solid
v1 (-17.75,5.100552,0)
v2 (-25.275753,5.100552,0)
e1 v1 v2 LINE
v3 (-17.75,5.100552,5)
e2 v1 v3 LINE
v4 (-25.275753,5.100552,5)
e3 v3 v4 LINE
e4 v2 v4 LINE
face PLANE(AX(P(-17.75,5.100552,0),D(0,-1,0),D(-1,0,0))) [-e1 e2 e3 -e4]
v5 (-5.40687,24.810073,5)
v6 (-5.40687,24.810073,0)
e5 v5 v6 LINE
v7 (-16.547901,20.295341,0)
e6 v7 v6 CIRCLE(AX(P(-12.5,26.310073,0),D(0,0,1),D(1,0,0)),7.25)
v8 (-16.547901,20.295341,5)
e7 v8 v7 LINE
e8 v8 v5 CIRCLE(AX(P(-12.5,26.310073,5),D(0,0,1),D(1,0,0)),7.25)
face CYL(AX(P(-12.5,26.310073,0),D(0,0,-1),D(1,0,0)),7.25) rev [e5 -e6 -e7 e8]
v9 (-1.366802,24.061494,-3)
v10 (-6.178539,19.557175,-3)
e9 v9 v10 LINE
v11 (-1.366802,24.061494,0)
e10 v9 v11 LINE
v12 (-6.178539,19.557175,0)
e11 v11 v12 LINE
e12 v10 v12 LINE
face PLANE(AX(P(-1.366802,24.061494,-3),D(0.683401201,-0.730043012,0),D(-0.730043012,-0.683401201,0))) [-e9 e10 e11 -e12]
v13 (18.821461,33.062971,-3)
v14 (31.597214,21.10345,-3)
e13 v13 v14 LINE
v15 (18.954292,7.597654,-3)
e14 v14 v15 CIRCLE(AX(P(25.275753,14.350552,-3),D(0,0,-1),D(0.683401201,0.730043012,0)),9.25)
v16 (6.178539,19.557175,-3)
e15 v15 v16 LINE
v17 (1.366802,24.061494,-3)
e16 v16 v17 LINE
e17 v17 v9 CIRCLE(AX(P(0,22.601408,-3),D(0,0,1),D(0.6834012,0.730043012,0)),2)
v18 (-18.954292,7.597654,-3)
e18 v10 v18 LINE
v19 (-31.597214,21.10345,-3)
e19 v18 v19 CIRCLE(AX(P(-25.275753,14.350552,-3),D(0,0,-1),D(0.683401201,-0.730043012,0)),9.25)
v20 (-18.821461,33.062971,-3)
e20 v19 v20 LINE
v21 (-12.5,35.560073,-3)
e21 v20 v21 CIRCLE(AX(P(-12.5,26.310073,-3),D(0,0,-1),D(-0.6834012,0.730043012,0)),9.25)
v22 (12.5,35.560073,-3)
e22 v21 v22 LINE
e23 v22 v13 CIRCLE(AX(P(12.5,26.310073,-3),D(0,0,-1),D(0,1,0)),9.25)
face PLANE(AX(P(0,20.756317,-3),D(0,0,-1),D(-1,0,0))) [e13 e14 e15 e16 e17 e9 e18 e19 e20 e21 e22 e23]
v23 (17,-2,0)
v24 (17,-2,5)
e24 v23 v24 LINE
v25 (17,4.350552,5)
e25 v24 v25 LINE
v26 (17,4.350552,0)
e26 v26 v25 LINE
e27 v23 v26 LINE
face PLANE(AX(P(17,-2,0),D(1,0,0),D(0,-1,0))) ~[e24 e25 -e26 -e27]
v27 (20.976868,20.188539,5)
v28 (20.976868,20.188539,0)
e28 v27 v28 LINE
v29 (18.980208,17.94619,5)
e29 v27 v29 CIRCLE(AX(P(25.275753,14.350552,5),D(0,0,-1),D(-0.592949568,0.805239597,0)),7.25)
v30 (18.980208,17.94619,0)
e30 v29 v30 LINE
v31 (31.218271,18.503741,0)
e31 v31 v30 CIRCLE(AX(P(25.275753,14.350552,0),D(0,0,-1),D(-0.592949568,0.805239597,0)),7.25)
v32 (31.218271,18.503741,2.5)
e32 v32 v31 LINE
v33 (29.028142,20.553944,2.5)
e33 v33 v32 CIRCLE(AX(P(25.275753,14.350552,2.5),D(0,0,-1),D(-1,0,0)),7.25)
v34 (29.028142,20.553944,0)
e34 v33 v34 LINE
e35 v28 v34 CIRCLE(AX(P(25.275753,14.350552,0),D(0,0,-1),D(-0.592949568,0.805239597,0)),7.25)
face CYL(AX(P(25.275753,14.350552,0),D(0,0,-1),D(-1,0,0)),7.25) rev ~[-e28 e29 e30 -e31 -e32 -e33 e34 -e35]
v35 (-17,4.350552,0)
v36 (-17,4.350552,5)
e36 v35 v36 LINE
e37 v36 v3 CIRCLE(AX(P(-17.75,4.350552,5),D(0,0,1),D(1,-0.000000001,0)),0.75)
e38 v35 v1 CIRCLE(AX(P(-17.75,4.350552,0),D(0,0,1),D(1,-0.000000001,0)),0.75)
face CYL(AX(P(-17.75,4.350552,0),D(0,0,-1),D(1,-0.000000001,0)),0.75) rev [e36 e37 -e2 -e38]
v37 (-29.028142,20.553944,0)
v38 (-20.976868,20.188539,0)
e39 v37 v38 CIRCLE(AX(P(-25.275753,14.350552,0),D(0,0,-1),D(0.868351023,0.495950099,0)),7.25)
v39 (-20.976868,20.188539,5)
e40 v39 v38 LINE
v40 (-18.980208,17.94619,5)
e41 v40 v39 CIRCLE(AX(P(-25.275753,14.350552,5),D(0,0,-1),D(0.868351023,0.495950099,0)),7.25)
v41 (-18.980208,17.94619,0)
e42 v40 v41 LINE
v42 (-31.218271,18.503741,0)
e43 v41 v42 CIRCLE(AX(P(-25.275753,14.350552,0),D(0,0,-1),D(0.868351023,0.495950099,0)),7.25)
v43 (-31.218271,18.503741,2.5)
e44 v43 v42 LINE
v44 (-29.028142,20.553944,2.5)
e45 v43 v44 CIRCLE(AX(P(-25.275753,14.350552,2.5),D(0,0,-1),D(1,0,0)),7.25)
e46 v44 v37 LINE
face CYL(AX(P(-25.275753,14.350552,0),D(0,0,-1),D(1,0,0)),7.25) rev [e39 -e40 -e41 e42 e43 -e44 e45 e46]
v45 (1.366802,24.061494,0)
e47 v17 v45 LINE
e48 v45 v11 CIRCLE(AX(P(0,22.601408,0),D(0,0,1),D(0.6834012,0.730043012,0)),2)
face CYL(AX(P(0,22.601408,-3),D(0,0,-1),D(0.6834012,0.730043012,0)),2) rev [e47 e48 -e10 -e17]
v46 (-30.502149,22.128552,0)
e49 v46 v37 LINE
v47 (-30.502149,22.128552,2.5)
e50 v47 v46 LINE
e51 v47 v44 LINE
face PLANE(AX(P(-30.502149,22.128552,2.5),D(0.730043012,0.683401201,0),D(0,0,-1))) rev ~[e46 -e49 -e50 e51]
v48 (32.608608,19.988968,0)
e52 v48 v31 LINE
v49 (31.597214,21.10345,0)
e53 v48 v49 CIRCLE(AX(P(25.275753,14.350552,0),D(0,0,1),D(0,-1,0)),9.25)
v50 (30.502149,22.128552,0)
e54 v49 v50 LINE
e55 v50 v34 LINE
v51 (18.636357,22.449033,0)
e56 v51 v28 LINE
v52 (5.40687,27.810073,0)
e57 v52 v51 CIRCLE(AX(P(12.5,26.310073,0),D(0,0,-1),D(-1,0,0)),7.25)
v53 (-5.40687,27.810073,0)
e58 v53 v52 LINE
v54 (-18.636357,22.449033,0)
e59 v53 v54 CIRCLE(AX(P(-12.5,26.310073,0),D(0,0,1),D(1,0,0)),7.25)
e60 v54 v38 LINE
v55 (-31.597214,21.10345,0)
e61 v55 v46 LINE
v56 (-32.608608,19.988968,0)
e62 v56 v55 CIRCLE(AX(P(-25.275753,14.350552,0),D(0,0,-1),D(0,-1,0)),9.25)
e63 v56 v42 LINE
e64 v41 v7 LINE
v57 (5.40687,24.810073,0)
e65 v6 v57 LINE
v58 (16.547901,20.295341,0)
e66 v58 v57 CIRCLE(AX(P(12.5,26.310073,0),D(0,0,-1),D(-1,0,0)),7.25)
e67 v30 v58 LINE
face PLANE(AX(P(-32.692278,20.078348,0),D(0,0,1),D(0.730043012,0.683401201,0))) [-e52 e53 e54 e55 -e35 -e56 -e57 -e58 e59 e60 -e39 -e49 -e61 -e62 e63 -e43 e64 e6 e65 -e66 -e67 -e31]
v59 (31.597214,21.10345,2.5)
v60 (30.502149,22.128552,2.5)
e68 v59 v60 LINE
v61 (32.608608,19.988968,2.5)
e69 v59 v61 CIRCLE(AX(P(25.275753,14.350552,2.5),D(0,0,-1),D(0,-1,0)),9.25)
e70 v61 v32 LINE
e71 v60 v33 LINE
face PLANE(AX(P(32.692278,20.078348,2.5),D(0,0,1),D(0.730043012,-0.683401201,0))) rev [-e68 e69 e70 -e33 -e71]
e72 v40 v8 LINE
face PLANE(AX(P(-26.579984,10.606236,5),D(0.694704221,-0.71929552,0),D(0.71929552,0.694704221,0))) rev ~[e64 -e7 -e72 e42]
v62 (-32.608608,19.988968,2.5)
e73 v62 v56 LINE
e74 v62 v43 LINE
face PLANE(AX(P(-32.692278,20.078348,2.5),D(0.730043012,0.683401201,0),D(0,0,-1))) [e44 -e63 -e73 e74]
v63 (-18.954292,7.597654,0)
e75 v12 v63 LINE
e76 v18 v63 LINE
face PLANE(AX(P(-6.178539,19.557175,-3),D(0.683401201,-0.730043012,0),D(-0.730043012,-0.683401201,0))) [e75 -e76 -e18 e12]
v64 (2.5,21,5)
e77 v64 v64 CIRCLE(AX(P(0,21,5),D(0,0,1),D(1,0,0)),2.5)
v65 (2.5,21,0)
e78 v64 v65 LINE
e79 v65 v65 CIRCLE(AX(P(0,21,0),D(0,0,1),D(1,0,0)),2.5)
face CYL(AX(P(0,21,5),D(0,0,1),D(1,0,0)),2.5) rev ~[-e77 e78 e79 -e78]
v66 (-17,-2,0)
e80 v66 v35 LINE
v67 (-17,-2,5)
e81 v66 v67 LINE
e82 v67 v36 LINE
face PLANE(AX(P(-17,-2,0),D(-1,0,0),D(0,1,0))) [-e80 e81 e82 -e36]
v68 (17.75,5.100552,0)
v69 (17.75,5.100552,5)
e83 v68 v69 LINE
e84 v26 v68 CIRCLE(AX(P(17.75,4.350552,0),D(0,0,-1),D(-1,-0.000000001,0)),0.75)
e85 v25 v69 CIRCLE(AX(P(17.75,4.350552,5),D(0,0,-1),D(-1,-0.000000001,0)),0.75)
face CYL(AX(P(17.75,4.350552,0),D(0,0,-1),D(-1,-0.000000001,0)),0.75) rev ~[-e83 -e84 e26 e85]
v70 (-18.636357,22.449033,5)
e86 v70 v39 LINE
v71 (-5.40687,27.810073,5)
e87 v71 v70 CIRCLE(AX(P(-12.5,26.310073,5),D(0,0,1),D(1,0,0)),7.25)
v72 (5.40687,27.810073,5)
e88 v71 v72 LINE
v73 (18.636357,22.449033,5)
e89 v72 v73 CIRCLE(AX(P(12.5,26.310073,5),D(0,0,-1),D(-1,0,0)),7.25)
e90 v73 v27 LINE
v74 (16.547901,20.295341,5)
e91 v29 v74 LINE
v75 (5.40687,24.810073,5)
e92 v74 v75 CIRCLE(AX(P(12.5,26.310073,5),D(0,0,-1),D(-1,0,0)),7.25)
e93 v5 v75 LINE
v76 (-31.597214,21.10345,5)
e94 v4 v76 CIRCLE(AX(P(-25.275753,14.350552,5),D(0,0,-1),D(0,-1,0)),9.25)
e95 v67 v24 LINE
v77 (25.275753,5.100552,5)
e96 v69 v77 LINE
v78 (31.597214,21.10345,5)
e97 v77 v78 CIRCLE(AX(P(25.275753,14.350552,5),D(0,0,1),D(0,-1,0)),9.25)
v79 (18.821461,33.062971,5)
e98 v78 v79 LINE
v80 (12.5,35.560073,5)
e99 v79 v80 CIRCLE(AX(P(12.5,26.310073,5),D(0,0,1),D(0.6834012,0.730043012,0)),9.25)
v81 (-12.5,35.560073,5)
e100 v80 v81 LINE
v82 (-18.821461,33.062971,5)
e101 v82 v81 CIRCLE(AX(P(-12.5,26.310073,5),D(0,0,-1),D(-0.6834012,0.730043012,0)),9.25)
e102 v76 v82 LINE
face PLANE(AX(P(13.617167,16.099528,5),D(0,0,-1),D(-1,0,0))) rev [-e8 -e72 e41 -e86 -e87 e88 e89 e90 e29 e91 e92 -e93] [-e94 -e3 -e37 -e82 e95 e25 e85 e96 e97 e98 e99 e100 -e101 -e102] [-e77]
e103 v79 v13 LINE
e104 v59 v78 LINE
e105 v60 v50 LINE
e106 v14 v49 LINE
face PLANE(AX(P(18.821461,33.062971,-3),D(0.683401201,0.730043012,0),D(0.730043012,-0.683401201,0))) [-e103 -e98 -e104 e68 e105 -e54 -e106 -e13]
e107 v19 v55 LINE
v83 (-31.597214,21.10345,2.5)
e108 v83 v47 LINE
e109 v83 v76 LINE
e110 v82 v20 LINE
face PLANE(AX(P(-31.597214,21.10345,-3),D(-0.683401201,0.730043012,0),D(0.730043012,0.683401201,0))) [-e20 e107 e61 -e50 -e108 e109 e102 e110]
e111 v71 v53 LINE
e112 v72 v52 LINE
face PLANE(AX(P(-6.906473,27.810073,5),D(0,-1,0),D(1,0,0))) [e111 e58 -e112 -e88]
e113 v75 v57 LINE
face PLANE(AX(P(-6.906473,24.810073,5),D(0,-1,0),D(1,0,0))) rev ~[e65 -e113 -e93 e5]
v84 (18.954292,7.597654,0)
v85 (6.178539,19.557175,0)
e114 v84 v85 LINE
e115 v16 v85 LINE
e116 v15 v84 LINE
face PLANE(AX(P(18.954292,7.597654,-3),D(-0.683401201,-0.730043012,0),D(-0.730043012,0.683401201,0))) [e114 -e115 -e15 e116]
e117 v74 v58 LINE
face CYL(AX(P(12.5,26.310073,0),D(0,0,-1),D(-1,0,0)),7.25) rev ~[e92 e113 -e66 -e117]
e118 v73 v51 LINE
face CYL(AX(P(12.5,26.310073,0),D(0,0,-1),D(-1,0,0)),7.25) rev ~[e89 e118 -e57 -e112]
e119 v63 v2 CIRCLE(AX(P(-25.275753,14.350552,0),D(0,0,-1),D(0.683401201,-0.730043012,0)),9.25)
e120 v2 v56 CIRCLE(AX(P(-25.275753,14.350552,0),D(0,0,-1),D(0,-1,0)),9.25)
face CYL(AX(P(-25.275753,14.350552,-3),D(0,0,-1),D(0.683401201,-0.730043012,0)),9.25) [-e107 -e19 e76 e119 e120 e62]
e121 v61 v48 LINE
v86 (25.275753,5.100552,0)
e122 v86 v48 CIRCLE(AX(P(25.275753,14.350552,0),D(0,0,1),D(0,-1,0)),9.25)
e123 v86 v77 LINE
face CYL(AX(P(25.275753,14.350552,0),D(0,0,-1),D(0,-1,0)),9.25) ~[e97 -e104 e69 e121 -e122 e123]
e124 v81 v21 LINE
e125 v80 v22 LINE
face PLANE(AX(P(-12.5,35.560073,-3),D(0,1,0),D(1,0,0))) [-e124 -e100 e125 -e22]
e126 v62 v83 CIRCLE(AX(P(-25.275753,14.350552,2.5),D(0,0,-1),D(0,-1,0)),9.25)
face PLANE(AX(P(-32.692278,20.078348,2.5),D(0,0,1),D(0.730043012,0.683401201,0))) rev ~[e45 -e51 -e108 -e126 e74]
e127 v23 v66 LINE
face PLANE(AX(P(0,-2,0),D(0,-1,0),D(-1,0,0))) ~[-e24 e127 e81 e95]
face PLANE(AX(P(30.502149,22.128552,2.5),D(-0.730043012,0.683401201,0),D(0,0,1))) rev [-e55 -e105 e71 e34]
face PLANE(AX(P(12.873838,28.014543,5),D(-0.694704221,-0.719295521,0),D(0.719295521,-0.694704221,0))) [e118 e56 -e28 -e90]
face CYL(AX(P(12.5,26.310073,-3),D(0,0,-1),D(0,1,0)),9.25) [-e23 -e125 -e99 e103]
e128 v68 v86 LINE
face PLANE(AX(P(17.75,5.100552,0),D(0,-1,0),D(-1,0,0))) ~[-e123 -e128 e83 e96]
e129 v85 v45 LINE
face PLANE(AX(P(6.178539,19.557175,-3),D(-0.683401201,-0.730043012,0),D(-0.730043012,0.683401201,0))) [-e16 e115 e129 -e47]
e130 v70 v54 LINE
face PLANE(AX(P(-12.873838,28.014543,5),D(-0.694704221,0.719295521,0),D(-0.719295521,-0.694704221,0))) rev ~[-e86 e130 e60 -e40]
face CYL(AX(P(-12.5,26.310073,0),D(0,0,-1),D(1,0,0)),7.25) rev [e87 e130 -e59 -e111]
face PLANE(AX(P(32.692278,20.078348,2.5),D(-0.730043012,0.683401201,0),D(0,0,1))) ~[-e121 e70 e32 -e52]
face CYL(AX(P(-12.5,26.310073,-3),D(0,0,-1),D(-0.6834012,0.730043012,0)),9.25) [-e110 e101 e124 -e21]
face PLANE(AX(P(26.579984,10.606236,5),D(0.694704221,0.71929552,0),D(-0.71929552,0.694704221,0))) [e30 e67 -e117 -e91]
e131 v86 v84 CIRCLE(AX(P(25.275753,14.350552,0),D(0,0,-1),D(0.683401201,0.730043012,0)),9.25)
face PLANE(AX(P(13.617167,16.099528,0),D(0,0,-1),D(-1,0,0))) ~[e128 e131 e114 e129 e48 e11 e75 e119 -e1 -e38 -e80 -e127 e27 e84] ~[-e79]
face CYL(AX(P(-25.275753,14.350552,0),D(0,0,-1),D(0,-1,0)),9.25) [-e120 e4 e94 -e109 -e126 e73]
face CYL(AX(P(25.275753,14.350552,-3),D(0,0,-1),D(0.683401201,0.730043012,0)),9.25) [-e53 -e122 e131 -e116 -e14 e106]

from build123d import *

# Parameters (mm, degrees)
SKETCH1_R           = 7.25
BOSS_EXTRUDE1_DEPTH = 5
BOSS_EXTRUDE2_START = 3
BOSS_EXTRUDE2_DEPTH = 3
SKETCH5_W           = 15.42907023
SKETCH5_H           = 3
CUT_EXTRUDE2_DEPTH  = 5
SKETCH7_W           = 3
SKETCH7_H           = 2.5
CUT_EXTRUDE4_DEPTH  = 10
SKETCH8_R           = 2.5
CUT_EXTRUDE5_DEPTH  = 10


with BuildPart() as part:
    # Sketch1 → Boss-Extrude1 (new body)
    with BuildSketch(Plane.XY):
        with BuildLine():
            ThreePointArc((-25.275752705, 5.100552072), (-33.878856947, 10.952155773), (-31.597213811, 21.10344993))
            Line((-31.597213811, 21.10344993), (-18.821461106, 33.062970941))
            ThreePointArc((-18.821461106, 33.062970941), (-15.898396299, 34.913177324), (-12.5, 35.560073083))
            Line((-12.5, 35.560073083), (0, 35.560073083))
            Line((0, 35.560073083), (0, -2))
            Line((0, -2), (-17, -2))
            Line((-17, -2), (-17, 4.350552072))
            ThreePointArc((-17, 4.350552072), (-17.219669914, 4.880882158), (-17.75, 5.100552072))
            Line((-17.75, 5.100552072), (-25.275752705, 5.100552072))
        make_face()
        with Locations((-12.5, 26.310073083)):
            Circle(SKETCH1_R, mode=Mode.SUBTRACT)
        with Locations((-25.275752705, 14.350552072)):
            Circle(SKETCH1_R, mode=Mode.SUBTRACT)
    boss_extrude1 = extrude(amount=BOSS_EXTRUDE1_DEPTH)

    # Mirror1: Boss-Extrude1 across plane
    add(boss_extrude1.mirror(Plane(origin=(0, 0, 0), x_dir=(0, 0, 1), z_dir=(1, 0, 0))))

    # Sketch3 → Boss-Extrude2 (add)
    with BuildSketch(Plane(origin=(0, 0, 0), x_dir=(-1, 0, 0), z_dir=(0, 0, -1)).offset(BOSS_EXTRUDE2_START)):
        with BuildLine():
            Line((31.597213811, 21.10344993), (18.821461106, 33.062970941))
            ThreePointArc((18.821461106, 33.062970941), (15.898396299, 34.913177324), (12.5, 35.560073083))
            Line((12.5, 35.560073083), (-12.5, 35.560073083))
            ThreePointArc((-12.5, 35.560073083), (-15.898396299, 34.913177324), (-18.821461106, 33.062970941))
            Line((-18.821461106, 33.062970941), (-31.597213811, 21.10344993))
            ThreePointArc((-31.597213811, 21.10344993), (-32.028650564, 8.029090966), (-18.954291599, 7.597654213))
            Line((-18.954291599, 7.597654213), (-6.178538894, 19.557175224))
            Line((-6.178538894, 19.557175224), (-1.366802401, 24.061494071))
            ThreePointArc((-1.366802401, 24.061494071), (0, 24.601408047), (1.366802401, 24.061494071))
            Line((1.366802401, 24.061494071), (6.178538894, 19.557175224))
            Line((6.178538894, 19.557175224), (18.954291599, 7.597654213))
            ThreePointArc((18.954291599, 7.597654213), (32.028650564, 8.029090966), (31.597213811, 21.10344993))
        make_face()
    extrude(amount=-BOSS_EXTRUDE2_DEPTH)

    # Sketch5 → Cut-Extrude2 (cut)
    with BuildSketch(Plane.XY.offset(5)):
        Polygon((-12.873838012, 28.014542797), (-28.664096552, 12.764122156), (-26.57998389, 10.606235594), (-10.78972535, 25.856656236), align=None)
        with Locations((0.808061856, 26.310073083)):
            Rectangle(SKETCH5_W, SKETCH5_H)
        Polygon((26.57998389, 10.606235594), (10.78972535, 25.856656236), (12.873838012, 28.014542797), (28.664096552, 12.764122156), align=None)
    extrude(amount=-CUT_EXTRUDE2_DEPTH, mode=Mode.SUBTRACT)

    # Sketch7 → Cut-Extrude4 (cut)
    with BuildSketch(Plane(origin=(-25.285844423, 27.011591434, 0), x_dir=(0.7300430117299187, 0.6834012006313055, 0), z_dir=(-0.6834012006313055, 0.7300430117299187, 0))):
        with Locations((-8.645202113, -1.25)):
            Rectangle(SKETCH7_W, SKETCH7_H)
    cut_extrude4 = extrude(amount=-CUT_EXTRUDE4_DEPTH, mode=Mode.SUBTRACT)

    # Mirror3: Cut-Extrude4 across plane
    add(cut_extrude4.mirror(Plane(origin=(0, 0, 0), x_dir=(0, 0, 1), z_dir=(1, 0, 0))), mode=Mode.SUBTRACT)

    # Sketch8 → Cut-Extrude5 (cut)
    with BuildSketch(Plane.XY.offset(5)):
        with Locations((0, 21)):
            Circle(SKETCH8_R)
    extrude(amount=-CUT_EXTRUDE5_DEPTH, mode=Mode.SUBTRACT)


solid = part.part
